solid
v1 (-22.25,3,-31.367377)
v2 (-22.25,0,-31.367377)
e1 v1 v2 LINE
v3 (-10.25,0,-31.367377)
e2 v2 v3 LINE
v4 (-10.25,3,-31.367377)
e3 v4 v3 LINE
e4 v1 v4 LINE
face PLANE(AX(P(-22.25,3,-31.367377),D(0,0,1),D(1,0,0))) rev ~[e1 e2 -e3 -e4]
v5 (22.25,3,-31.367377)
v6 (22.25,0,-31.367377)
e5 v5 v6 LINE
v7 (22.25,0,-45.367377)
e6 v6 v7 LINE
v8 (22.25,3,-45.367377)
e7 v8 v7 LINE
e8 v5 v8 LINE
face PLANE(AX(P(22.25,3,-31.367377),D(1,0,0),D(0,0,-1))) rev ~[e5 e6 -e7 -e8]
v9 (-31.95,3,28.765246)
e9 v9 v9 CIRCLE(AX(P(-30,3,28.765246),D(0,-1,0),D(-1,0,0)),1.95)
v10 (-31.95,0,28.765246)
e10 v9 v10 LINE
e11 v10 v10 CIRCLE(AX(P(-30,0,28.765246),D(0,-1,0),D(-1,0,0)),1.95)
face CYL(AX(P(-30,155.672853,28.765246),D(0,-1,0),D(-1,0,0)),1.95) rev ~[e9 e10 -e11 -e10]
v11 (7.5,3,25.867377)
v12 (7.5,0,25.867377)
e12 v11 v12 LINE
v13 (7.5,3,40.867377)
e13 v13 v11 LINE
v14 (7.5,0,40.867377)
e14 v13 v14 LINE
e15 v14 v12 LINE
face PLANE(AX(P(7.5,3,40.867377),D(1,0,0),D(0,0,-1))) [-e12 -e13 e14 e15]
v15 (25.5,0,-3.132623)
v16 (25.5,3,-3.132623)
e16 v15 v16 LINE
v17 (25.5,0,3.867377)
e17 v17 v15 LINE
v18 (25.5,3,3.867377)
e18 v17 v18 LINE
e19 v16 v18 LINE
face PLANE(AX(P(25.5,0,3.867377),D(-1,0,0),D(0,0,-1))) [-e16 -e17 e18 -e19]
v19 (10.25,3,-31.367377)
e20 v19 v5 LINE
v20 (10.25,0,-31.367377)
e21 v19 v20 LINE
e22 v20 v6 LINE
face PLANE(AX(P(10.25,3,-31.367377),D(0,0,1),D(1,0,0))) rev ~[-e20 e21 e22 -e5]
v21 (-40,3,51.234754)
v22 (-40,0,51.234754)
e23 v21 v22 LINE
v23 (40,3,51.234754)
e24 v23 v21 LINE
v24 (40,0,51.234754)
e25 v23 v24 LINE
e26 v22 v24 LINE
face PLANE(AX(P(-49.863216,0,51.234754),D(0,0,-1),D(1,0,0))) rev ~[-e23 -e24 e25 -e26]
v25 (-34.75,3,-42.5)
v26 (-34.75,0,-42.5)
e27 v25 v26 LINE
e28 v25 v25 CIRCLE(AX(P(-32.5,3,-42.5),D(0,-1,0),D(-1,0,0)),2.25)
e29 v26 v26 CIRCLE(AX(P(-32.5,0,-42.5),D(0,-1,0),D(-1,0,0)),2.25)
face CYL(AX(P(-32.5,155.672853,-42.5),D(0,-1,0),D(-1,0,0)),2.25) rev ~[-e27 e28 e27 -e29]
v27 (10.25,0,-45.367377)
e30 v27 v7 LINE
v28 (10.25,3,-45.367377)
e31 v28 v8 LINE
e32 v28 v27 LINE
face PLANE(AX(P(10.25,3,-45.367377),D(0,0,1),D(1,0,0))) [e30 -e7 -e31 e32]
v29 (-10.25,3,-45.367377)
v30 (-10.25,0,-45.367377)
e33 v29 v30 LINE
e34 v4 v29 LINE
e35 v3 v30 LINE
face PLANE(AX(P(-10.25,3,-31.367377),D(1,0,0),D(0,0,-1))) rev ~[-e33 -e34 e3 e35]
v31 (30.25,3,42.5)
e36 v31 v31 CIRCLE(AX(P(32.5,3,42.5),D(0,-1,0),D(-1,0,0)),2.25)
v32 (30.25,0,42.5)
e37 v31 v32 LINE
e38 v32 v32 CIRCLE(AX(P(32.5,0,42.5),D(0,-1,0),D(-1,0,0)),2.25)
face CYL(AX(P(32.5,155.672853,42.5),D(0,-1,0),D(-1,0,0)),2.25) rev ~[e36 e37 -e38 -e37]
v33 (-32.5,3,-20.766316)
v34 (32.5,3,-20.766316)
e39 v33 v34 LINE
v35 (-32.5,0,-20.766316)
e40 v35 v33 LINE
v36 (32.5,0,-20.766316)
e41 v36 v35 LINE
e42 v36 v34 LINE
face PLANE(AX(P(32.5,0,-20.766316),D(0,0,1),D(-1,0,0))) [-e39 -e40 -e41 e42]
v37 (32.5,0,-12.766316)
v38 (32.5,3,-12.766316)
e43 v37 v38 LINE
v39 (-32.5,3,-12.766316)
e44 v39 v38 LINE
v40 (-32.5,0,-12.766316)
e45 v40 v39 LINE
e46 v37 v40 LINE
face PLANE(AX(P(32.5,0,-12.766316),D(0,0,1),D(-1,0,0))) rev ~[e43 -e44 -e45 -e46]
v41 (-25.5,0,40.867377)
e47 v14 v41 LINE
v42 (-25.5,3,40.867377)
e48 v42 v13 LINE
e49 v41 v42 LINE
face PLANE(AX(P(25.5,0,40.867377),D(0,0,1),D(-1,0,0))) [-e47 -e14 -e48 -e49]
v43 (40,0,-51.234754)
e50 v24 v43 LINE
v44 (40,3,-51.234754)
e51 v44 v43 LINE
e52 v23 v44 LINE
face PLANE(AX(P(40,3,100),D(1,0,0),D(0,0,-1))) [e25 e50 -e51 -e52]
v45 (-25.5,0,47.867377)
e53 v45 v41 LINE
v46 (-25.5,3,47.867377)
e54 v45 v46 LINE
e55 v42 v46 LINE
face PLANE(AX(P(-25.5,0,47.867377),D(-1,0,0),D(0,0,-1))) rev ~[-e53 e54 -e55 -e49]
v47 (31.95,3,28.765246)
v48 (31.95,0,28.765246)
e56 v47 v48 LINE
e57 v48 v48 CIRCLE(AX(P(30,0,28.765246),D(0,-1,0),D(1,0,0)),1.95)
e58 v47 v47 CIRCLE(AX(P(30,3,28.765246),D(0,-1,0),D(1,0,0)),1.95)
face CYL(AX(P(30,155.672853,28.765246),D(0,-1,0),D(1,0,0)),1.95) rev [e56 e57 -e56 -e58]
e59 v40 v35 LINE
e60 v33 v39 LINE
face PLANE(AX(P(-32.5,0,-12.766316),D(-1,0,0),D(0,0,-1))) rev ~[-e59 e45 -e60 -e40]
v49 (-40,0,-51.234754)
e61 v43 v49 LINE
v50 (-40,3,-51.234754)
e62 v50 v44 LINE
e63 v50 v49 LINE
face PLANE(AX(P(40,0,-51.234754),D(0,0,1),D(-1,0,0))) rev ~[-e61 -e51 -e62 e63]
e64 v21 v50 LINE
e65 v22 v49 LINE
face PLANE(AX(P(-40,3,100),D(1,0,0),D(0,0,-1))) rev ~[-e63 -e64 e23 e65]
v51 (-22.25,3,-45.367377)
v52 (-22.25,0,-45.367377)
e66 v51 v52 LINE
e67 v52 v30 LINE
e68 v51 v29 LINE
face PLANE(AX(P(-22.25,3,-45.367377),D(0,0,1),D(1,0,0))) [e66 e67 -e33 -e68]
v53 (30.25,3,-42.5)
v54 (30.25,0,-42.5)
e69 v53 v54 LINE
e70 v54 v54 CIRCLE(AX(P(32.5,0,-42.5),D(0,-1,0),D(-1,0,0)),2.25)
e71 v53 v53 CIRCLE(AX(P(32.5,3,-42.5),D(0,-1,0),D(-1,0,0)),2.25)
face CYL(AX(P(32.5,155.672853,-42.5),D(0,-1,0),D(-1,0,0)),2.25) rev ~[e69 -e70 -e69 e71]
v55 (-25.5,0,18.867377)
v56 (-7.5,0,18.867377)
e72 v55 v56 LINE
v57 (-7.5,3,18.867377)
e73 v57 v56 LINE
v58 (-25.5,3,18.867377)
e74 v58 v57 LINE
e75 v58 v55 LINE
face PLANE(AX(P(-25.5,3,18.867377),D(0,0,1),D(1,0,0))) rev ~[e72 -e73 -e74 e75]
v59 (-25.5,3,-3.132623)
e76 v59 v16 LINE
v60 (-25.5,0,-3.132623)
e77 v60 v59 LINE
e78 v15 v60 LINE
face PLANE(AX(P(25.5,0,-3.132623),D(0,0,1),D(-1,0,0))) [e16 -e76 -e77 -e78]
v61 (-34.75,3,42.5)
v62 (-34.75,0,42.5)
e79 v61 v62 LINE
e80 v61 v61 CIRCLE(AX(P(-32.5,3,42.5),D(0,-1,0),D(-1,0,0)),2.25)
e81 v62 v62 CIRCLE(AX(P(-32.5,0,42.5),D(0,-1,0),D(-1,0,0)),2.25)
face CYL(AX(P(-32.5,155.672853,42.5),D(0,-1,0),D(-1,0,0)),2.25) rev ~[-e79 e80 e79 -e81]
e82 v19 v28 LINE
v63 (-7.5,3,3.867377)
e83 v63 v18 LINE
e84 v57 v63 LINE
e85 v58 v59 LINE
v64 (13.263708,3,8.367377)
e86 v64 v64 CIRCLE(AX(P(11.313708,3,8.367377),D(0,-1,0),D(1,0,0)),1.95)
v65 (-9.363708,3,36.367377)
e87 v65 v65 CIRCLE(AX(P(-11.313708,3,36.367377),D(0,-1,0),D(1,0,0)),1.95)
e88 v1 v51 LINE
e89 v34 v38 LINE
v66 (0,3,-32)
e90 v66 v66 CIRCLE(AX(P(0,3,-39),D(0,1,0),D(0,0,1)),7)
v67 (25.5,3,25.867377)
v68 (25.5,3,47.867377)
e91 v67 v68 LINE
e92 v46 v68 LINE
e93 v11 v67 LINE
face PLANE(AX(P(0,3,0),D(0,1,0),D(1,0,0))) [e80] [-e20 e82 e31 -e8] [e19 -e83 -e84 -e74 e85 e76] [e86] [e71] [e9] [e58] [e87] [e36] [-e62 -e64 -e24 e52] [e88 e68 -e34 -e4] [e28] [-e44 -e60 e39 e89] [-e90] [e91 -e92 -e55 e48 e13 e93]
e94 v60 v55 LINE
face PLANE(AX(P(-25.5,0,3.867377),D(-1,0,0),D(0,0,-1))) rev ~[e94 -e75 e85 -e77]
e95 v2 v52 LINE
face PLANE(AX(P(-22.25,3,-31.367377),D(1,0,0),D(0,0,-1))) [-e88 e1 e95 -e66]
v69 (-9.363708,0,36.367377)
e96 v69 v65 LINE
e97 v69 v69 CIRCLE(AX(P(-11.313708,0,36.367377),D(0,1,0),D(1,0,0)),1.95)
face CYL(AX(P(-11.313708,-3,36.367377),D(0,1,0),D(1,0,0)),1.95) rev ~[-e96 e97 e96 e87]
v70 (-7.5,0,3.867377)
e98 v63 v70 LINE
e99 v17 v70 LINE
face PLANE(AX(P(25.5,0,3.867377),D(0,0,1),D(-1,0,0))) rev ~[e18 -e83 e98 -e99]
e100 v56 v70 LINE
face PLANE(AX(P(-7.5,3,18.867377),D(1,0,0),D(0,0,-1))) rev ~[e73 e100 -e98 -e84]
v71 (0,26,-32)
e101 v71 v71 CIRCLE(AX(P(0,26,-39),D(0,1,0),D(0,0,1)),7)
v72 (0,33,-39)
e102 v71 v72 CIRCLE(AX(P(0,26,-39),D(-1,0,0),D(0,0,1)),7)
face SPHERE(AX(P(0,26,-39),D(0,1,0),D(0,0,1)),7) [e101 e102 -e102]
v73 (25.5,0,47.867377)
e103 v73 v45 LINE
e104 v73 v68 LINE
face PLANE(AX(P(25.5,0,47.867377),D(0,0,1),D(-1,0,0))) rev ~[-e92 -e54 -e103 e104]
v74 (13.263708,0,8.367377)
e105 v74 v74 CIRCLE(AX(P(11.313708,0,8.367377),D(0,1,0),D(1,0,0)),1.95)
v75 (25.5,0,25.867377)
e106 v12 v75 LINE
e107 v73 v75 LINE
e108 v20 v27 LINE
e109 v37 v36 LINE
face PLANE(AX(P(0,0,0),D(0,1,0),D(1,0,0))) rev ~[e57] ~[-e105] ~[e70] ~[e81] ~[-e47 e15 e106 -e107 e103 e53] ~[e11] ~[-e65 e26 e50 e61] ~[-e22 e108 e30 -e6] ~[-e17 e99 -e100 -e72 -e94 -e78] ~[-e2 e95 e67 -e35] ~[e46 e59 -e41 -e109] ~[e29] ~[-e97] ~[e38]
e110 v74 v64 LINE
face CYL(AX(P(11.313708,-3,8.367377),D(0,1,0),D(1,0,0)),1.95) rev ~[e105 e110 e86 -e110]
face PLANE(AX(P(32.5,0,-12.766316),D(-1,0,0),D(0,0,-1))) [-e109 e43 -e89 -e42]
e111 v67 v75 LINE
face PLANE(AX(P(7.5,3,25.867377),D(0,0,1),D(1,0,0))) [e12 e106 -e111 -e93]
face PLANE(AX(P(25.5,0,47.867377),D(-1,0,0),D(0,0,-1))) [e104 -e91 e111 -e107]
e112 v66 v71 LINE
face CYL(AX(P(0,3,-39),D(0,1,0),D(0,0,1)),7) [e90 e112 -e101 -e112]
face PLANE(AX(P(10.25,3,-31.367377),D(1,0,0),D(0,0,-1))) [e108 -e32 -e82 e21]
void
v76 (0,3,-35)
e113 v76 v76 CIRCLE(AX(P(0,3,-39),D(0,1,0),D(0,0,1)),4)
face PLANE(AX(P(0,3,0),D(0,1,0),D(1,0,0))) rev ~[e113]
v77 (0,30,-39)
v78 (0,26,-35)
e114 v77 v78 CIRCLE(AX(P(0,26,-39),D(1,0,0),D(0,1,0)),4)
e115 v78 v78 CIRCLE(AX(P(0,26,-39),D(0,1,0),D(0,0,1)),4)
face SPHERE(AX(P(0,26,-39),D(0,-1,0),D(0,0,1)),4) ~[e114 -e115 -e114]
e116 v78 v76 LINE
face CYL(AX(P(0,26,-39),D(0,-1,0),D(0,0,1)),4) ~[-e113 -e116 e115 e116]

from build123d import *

# Parameters (mm, degrees)
ESQUISSE1_R             = 65
DISQUE_DEPTH            = 3
ESQUISSE3_W             = 30.466369815
ESQUISSE3_H             = 200
COT_S_DEPTH             = 4
D_GAGEMENT_M3_52_D      = 3.9
D_GAGEMENT_M42_D        = 4.5
ESQUISSE15_W            = 89.863216067
ESQUISSE15_H            = 32.096215679
ENL_V_MAT_EXTRU_1_DEPTH = 34
D_GAGEMENT_M3_53_D      = 3.9
D_GAGEMENT_M3_53_DEPTH  = 3
D_GAGEMENT_M3_53_TIP    = 1.171678207
ESQUISSE22_W            = 113.248519978
ESQUISSE22_H            = 34.612898142
ESQUISSE22_W_2          = 51
ESQUISSE22_H_2          = 7
ESQUISSE22_W_3          = 65
ESQUISSE22_H_3          = 8
ENL_V_MAT_EXTRU_3_DEPTH = 10
ESQUISSE23_W            = 12
ESQUISSE23_H            = 14
ENL_V_MAT_EXTRU_4_DEPTH = 10
ESQUISSE24_W            = 18
ESQUISSE24_H            = 15
ENL_V_MAT_EXTRU_5_DEPTH = 10


with BuildPart() as part:
    # Esquisse1 → disque (new body)
    with BuildSketch(Plane(origin=(0, 0, 0), x_dir=(1, 0, 0), z_dir=(0, 1, 0))):
        Circle(ESQUISSE1_R)
    extrude(amount=DISQUE_DEPTH)

    # Esquisse3 → cotés (cut, through all)
    with BuildSketch(Plane(origin=(0, 3, 0), x_dir=(1, 0, 0), z_dir=(0, 1, 0))):
        with Locations((-55.233184908, 0)):
            Rectangle(ESQUISSE3_W, ESQUISSE3_H)
        with Locations((55.233184908, 0)):
            Rectangle(ESQUISSE3_W, ESQUISSE3_H)
    extrude(amount=-COT_S_DEPTH, mode=Mode.SUBTRACT)

    # Dégagement M3.52 (through all)
    with Locations(Plane(origin=(0, 3, 0), x_dir=(1, 0, 0), z_dir=(0, 1, 0))):
        with Locations((-30, -28.76524617)):
            d_gagement_m3_52 = Hole(D_GAGEMENT_M3_52_D / 2)

    # Symétrie1: Dégagement M3.52 across plane
    add(d_gagement_m3_52.mirror(Plane.ZY), mode=Mode.SUBTRACT)

    # Dégagement M42 (through all)
    with Locations(Plane(origin=(0, 3, 0), x_dir=(1, 0, 0), z_dir=(0, 1, 0))):
        with Locations((-32.5, 42.5), (32.5, 42.5), (32.5, -42.5), (-32.5, -42.5)):
            Hole(D_GAGEMENT_M42_D / 2)

    # Esquisse14 → Révolution1 (revolve)
    with BuildSketch(Plane.ZY):
        with BuildLine():
            Line((-35, 3), (-32, 3))
            Line((-32, 3), (-32, 26))
            ThreePointArc((-32, 26), (-34.050252532, 30.949747468), (-39, 33))
            Line((-39, 33), (-39, 30))
            ThreePointArc((-39, 30), (-36.171572875, 28.828427125), (-35, 26))
            Line((-35, 26), (-35, 3))
        make_face()
    revolve(axis=Axis((0, 3, -39), (0, 1, 0)))

    # Esquisse15 → Enlèv. mat.-Extru.1 (cut, through all)
    with BuildSketch(Plane.XZ):
        with Locations((-4.931608034, 67.282861669)):
            Rectangle(ESQUISSE15_W, ESQUISSE15_H)
    extrude(amount=-ENL_V_MAT_EXTRU_1_DEPTH, mode=Mode.SUBTRACT)

    # Dégagement M3.53
    with Locations(Plane(origin=(0, 0, 0), x_dir=(-1, 0, 0), z_dir=(0, -1, 0))):
        with Locations((-11.313708499, -8.367376915), (11.313708499, -36.367376915)):
            Hole(D_GAGEMENT_M3_53_D / 2, depth=D_GAGEMENT_M3_53_DEPTH)
            with Locations((0, 0, -(D_GAGEMENT_M3_53_DEPTH + D_GAGEMENT_M3_53_TIP / 2))):  # 118° drill point
                Cone(0, D_GAGEMENT_M3_53_D / 2, D_GAGEMENT_M3_53_TIP, mode=Mode.SUBTRACT)

    # Esquisse22 → Enlèv. mat.-Extru.3 (cut)
    with BuildSketch(Plane(origin=(0, 0, 0), x_dir=(-1, 0, 0), z_dir=(0, -1, 0))):
        with Locations((16.624259989, 68.541202901)):
            Rectangle(ESQUISSE22_W, ESQUISSE22_H)
        with Locations((0, -0.367376915)):
            Rectangle(ESQUISSE22_W_2, ESQUISSE22_H_2)
        with Locations((0, -44.367376915)):
            Rectangle(ESQUISSE22_W_2, ESQUISSE22_H_2)
        with Locations((0, 16.766315781)):
            Rectangle(ESQUISSE22_W_3, ESQUISSE22_H_3)
    extrude(amount=-ENL_V_MAT_EXTRU_3_DEPTH, mode=Mode.SUBTRACT)

    # Esquisse23 → Enlèv. mat.-Extru.4 (cut)
    with BuildSketch(Plane(origin=(0, 3, 0), x_dir=(1, 0, 0), z_dir=(0, 1, 0))):
        with Locations((-16.25, 38.367376915)):
            Rectangle(ESQUISSE23_W, ESQUISSE23_H)
        with Locations((16.25, 38.367376915)):
            Rectangle(ESQUISSE23_W, ESQUISSE23_H)
    extrude(amount=-ENL_V_MAT_EXTRU_4_DEPTH, mode=Mode.SUBTRACT)

    # Esquisse24 → Enlèv. mat.-Extru.5 (cut)
    with BuildSketch(Plane(origin=(0, 3, 0), x_dir=(1, 0, 0), z_dir=(0, 1, 0))):
        with Locations((-16.5, -11.367376915)):
            Rectangle(ESQUISSE24_W, ESQUISSE24_H)
        with Locations((16.5, -33.367376915)):
            Rectangle(ESQUISSE24_W, ESQUISSE24_H)
    extrude(amount=-ENL_V_MAT_EXTRU_5_DEPTH, mode=Mode.SUBTRACT)


solid = part.part
